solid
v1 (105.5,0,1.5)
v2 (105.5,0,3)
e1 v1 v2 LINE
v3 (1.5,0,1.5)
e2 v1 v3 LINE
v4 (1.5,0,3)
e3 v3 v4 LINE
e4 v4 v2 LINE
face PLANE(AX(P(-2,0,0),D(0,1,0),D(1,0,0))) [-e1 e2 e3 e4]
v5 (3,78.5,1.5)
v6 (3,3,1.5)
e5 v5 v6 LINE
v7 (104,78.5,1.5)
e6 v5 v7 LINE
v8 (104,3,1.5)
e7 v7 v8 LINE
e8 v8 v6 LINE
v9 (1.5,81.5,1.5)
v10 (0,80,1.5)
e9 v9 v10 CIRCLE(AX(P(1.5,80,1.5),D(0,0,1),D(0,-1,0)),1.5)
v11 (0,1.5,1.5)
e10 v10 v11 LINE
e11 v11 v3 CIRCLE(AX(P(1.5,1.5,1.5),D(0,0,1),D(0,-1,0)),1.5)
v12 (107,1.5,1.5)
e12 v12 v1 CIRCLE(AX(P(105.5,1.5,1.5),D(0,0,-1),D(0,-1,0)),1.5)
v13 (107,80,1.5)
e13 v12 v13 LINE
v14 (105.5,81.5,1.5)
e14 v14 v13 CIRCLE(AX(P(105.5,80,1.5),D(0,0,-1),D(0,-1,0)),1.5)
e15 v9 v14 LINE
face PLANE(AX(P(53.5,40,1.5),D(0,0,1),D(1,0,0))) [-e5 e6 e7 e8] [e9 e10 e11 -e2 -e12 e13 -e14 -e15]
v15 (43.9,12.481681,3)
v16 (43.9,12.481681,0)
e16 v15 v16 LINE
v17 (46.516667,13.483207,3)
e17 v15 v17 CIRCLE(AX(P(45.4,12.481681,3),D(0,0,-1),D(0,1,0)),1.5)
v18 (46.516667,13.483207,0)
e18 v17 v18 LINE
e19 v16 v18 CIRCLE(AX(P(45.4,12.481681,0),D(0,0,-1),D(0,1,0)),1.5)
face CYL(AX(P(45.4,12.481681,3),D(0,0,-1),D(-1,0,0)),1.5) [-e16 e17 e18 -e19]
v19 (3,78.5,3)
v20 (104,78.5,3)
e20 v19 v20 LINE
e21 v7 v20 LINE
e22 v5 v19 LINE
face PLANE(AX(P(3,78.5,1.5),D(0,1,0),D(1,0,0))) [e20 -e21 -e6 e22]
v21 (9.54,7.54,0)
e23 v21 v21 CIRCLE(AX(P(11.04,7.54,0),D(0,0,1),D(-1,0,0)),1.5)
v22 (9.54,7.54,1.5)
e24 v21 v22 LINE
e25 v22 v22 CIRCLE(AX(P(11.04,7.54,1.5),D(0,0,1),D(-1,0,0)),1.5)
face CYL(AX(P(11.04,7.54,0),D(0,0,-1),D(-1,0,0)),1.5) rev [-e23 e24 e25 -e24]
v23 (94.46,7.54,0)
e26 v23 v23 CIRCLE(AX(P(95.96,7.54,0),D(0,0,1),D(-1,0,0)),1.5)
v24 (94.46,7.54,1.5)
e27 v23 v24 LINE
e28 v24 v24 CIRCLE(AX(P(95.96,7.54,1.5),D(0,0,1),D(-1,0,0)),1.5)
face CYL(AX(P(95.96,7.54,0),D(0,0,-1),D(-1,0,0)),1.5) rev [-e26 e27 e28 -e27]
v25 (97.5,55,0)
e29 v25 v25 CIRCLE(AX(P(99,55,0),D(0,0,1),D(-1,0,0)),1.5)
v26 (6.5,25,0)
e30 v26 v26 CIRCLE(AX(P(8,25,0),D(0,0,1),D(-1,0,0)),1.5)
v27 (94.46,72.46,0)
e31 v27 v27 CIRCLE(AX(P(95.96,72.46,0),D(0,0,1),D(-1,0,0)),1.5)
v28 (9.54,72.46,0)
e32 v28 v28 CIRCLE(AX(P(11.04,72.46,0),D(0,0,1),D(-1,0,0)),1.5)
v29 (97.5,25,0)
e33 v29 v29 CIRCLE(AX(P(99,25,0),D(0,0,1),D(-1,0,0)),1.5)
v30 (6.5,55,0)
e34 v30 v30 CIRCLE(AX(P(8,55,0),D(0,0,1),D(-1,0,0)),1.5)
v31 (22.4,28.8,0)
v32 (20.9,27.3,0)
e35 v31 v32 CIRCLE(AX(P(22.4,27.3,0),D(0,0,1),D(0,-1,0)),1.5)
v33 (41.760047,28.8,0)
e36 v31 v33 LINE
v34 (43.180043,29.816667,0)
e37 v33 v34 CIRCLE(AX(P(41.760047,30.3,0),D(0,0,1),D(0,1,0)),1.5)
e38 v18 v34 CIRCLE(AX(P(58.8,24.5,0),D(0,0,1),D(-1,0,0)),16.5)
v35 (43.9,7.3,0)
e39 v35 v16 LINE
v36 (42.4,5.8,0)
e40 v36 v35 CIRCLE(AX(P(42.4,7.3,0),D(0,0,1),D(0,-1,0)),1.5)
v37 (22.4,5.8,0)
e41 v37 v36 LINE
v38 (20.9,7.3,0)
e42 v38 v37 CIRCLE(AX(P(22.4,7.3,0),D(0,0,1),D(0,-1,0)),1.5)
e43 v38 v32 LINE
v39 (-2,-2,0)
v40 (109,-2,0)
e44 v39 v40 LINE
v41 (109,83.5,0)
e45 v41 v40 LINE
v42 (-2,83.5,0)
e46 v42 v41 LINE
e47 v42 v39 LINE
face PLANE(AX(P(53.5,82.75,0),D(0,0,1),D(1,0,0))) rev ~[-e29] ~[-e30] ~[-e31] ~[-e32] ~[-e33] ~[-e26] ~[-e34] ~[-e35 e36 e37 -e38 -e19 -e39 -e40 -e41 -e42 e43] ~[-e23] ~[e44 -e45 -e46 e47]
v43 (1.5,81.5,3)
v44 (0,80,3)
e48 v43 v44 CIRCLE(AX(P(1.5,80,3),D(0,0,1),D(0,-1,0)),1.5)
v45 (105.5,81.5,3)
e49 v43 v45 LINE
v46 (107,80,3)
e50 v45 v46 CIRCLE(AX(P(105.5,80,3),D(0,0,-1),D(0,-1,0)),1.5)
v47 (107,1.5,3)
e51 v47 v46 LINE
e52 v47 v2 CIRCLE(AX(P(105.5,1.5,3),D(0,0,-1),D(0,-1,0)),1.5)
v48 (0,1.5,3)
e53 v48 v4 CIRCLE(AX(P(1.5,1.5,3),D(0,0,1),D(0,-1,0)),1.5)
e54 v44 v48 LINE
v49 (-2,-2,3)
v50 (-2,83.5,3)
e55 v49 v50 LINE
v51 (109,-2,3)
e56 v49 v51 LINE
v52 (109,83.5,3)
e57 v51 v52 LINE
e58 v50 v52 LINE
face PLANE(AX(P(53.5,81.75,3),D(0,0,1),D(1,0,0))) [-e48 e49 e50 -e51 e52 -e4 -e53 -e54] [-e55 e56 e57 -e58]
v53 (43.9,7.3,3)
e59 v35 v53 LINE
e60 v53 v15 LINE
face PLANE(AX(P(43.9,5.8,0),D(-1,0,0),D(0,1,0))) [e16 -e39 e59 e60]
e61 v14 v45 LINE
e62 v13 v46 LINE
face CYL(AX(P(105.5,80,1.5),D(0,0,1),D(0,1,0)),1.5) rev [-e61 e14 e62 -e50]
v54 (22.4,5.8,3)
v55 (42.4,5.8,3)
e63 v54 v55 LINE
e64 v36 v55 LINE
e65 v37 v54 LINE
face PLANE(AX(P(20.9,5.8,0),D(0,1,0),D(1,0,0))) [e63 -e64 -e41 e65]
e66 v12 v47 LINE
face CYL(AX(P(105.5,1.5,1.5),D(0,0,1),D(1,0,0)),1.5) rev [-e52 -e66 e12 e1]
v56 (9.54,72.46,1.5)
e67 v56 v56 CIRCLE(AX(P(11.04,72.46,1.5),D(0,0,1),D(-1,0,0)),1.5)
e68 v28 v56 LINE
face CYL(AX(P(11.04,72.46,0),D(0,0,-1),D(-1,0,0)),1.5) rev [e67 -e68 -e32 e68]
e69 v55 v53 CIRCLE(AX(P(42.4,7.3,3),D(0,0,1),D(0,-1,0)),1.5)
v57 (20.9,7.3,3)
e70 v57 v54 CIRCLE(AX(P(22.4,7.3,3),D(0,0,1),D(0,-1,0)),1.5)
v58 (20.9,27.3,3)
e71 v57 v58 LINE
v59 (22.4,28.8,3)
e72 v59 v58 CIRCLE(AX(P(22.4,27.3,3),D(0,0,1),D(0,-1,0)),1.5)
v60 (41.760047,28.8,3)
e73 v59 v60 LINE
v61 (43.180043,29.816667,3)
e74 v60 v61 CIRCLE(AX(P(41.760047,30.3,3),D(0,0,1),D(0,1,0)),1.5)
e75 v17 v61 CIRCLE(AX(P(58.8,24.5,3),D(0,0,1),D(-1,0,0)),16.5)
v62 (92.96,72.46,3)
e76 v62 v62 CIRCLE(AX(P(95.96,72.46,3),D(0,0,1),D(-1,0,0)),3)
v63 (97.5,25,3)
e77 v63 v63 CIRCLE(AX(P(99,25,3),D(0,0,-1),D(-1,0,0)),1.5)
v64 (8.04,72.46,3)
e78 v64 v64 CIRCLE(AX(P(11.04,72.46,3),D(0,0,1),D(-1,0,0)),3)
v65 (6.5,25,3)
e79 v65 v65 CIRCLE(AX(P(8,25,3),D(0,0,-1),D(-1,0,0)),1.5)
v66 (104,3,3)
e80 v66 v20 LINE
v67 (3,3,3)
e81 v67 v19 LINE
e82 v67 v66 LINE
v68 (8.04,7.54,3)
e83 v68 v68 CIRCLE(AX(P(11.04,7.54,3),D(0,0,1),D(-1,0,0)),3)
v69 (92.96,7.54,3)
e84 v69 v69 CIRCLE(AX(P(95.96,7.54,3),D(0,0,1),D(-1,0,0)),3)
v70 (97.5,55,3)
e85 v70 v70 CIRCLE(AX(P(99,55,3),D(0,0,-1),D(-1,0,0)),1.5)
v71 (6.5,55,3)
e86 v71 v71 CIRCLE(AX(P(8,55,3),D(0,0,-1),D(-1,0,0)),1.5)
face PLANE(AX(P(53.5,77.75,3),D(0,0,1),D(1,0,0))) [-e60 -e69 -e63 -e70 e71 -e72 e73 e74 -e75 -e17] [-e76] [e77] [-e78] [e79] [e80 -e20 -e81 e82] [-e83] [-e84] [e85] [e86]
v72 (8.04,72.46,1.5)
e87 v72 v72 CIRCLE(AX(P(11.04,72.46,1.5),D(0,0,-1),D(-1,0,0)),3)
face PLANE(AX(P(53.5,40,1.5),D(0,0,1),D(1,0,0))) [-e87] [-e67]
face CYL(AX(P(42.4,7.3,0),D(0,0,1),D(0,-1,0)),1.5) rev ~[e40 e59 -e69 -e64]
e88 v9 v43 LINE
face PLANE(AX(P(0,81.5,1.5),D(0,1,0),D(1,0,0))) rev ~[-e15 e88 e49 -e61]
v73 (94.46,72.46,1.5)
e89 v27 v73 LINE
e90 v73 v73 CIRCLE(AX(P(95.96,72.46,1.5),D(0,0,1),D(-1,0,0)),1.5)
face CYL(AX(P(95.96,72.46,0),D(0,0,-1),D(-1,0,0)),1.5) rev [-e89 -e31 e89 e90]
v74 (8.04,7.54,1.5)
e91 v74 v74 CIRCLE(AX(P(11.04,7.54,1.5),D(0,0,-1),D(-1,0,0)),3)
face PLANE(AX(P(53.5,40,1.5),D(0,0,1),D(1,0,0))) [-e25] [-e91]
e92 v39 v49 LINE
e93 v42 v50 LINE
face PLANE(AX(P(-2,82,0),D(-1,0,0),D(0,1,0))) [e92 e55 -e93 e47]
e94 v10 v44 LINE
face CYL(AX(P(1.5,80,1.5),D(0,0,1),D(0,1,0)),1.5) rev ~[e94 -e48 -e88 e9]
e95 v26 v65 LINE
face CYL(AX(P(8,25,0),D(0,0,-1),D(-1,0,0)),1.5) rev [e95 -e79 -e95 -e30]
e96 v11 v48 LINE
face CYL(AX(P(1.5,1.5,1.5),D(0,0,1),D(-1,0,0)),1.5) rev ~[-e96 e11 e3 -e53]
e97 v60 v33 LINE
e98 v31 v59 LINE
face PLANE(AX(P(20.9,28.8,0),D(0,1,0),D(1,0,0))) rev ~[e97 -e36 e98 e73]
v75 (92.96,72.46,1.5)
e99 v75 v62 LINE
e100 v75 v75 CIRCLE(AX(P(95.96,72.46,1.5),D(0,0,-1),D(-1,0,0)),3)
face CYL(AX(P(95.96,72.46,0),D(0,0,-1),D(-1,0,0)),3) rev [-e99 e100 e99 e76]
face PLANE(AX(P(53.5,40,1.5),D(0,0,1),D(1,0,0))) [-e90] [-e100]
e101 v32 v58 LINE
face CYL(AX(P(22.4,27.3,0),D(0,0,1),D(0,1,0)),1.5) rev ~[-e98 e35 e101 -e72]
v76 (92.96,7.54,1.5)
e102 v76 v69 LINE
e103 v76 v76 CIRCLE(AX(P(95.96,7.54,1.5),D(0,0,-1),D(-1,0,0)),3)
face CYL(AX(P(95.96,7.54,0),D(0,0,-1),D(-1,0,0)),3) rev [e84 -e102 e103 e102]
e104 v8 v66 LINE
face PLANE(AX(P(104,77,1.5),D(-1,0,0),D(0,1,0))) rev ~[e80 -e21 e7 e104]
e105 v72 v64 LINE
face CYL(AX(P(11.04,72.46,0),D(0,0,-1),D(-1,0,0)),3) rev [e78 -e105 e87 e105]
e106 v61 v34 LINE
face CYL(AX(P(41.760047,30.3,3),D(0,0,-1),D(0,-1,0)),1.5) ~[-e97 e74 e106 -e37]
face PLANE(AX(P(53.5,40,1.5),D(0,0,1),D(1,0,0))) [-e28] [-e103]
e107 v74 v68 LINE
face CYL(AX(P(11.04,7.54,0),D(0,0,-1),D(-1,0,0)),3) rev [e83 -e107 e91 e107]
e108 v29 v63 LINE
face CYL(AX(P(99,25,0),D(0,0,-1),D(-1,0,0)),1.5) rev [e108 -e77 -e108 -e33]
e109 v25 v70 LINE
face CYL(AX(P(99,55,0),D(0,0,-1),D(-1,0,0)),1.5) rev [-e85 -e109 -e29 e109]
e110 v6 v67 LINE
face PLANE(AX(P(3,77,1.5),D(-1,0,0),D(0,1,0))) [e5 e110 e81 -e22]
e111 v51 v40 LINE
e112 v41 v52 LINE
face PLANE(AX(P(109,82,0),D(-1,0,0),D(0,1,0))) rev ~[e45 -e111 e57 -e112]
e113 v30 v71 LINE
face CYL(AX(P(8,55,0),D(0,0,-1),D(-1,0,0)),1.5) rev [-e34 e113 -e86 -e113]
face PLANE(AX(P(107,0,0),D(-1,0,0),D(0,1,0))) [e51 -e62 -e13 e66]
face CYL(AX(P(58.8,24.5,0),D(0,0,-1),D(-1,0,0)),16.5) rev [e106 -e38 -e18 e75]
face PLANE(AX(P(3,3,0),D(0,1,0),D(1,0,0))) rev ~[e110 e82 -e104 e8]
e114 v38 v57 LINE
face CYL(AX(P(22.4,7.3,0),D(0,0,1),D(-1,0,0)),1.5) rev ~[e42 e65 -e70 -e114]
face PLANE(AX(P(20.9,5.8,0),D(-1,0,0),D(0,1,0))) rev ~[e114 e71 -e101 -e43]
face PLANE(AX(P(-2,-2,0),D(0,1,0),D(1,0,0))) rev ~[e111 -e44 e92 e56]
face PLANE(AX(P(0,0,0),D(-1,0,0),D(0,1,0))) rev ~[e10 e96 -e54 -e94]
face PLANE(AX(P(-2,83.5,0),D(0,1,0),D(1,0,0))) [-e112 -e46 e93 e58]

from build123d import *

# Parameters (mm, degrees)
SKETCH_9_W                                     = 111
SKETCH_9_H                                     = 84
BOTTOM_BASE_1P5MM_FULL_111X84_DEPTH            = 1.5
SKETCH_10_W                                    = 101
SKETCH_10_H                                    = 74
SKETCH_10_R                                    = 3
BOTTOM_CENTER_FULL_THICKNESS_EXCEPT_STAN_DEPTH = 3
SKETCH_11_W                                    = 111
SKETCH_11_H                                    = 2
BOTTOM_OUTER_FRONT_OVERHANG_FULL_3MM_DEPTH     = 3
SKETCH_12_W                                    = 111
SKETCH_12_H                                    = 2
BOTTOM_OUTER_REAR_OVERHANG_FULL_3MM_DEPTH      = 3
SKETCH_13_W                                    = 2
SKETCH_13_H                                    = 80
BOTTOM_OUTER_LEFT_OVERHANG_FULL_3MM_DEPTH      = 3
SKETCH_14_W                                    = 2
SKETCH_14_H                                    = 80
BOTTOM_OUTER_RIGHT_OVERHANG_FULL_3MM_DEPTH     = 3
SKETCH_16_R                                    = 1.5
BOTTOM_M3_THROUGH_3MM_DEPTH                    = 1.5
SKETCH_18_R                                    = 16.5
BOTTOM_BATTERY_THROUGH_CLEARANCE_DEPTH         = 3
SKETCH_20_W                                    = 23
SKETCH_20_H                                    = 23
BOTTOM_BUZZER_THROUGH_CUT_DEPTH                = 3
SKETCH_21_R                                    = 1.5
BOTTOM_CENTER_RAIL_M3_THROUGH_3MM_DEPTH        = 6
BOTTOM_FILL_OLD_REAR_RABBET_1P5MM_START        = 1.5
SKETCH_22_W                                    = 101
SKETCH_22_H                                    = 1.5
BOTTOM_FILL_OLD_REAR_RABBET_1P5MM_DEPTH        = 1.5
SKETCH_23_W                                    = 107
SKETCH_23_H                                    = 2
BOTTOM_NEW_REAR_RABBET_1P5MM_DEEP_DEPTH        = 1.5
SKETCH_24_W                                    = 111
SKETCH_24_H                                    = 1.5
BOTTOM_REAR_OVERHANG_EXTENSION_1P5MM_DEPTH     = 3
TOOL_D3_R1P5_BUZZER_CORNERS_R                  = 1.5
BOTTOM_REAR_RABBET_WIDTH_FIX_3MM_START         = 1.5
SKETCH_25_W                                    = 107
SKETCH_25_H                                    = 0.5
BOTTOM_REAR_RABBET_WIDTH_FIX_3MM_DEPTH         = 1.5
TOOL_D3_R1P5_BOTTOM_RABBET_OUTER_CORNERS_R     = 1.5


with BuildPart() as part:
    # Sketch 9 → bottom_base_1p5mm_full_111x84 (new body)
    with BuildSketch(Plane.XY):
        with Locations((53.5, 40)):
            Rectangle(SKETCH_9_W, SKETCH_9_H)
    extrude(amount=BOTTOM_BASE_1P5MM_FULL_111X84_DEPTH)

    # Sketch 10 → bottom_center_full_thickness_except_stan (add)
    with BuildSketch(Plane.XY):
        with Locations((53.5, 40)):
            Rectangle(SKETCH_10_W, SKETCH_10_H)
        with Locations(Location((11.04, 7.54, 0), (0, 0, 180))):
            Circle(SKETCH_10_R, mode=Mode.SUBTRACT)
        with Locations(Location((95.96, 7.54, 0), (0, 0, 180))):
            Circle(SKETCH_10_R, mode=Mode.SUBTRACT)
        with Locations(Location((11.04, 72.46, 0), (0, 0, 180))):
            Circle(SKETCH_10_R, mode=Mode.SUBTRACT)
        with Locations(Location((95.96, 72.46, 0), (0, 0, 180))):
            Circle(SKETCH_10_R, mode=Mode.SUBTRACT)
    extrude(amount=BOTTOM_CENTER_FULL_THICKNESS_EXCEPT_STAN_DEPTH)

    # Sketch 11 → bottom_outer_front_overhang_full_3mm (add)
    with BuildSketch(Plane.XY):
        with Locations((53.5, -1)):
            Rectangle(SKETCH_11_W, SKETCH_11_H)
    extrude(amount=BOTTOM_OUTER_FRONT_OVERHANG_FULL_3MM_DEPTH)

    # Sketch 12 → bottom_outer_rear_overhang_full_3mm (add)
    with BuildSketch(Plane.XY):
        with Locations((53.5, 81)):
            Rectangle(SKETCH_12_W, SKETCH_12_H)
    extrude(amount=BOTTOM_OUTER_REAR_OVERHANG_FULL_3MM_DEPTH)

    # Sketch 13 → bottom_outer_left_overhang_full_3mm (add)
    with BuildSketch(Plane.XY):
        with Locations((-1, 40)):
            Rectangle(SKETCH_13_W, SKETCH_13_H)
    extrude(amount=BOTTOM_OUTER_LEFT_OVERHANG_FULL_3MM_DEPTH)

    # Sketch 14 → bottom_outer_right_overhang_full_3mm (add)
    with BuildSketch(Plane.XY):
        with Locations((108, 40)):
            Rectangle(SKETCH_14_W, SKETCH_14_H)
    extrude(amount=BOTTOM_OUTER_RIGHT_OVERHANG_FULL_3MM_DEPTH)

    # Sketch 16 → bottom_m3_through_3mm (cut)
    with BuildSketch(Plane.XY):
        with Locations(Location((11.04, 7.54, 0), (0, 0, 180))):
            Circle(SKETCH_16_R)
        with Locations(Location((95.96, 7.54, 0), (0, 0, 180))):
            Circle(SKETCH_16_R)
        with Locations(Location((11.04, 72.46, 0), (0, 0, 180))):
            Circle(SKETCH_16_R)
        with Locations(Location((95.96, 72.46, 0), (0, 0, 180))):
            Circle(SKETCH_16_R)
    extrude(amount=BOTTOM_M3_THROUGH_3MM_DEPTH, mode=Mode.SUBTRACT)

    # Sketch 18 → bottom_battery_through_clearance (cut)
    with BuildSketch(Plane.XY):
        with Locations(Location((58.8, 24.5, 0), (0, 0, 180))):
            Circle(SKETCH_18_R)
    extrude(amount=BOTTOM_BATTERY_THROUGH_CLEARANCE_DEPTH, mode=Mode.SUBTRACT)

    # Sketch 20 → bottom_buzzer_through_cut (cut)
    with BuildSketch(Plane.XY):
        with Locations((32.4, 17.3)):
            Rectangle(SKETCH_20_W, SKETCH_20_H)
    extrude(amount=BOTTOM_BUZZER_THROUGH_CUT_DEPTH, mode=Mode.SUBTRACT)

    # Sketch 21 → bottom_center_rail_m3_through_3mm (cut)
    with BuildSketch(Plane.XY):
        with Locations(Location((8, 25, 0), (0, 0, 180))):
            Circle(SKETCH_21_R)
        with Locations(Location((8, 55, 0), (0, 0, 180))):
            Circle(SKETCH_21_R)
        with Locations(Location((99, 25, 0), (0, 0, 180))):
            Circle(SKETCH_21_R)
        with Locations(Location((99, 55, 0), (0, 0, 180))):
            Circle(SKETCH_21_R)
    extrude(amount=BOTTOM_CENTER_RAIL_M3_THROUGH_3MM_DEPTH, mode=Mode.SUBTRACT)

    # Sketch 22 → bottom_fill_old_rear_rabbet_1p5mm (add)
    with BuildSketch(Plane.XY.offset(BOTTOM_FILL_OLD_REAR_RABBET_1P5MM_START)):
        with Locations((53.5, 77.75)):
            Rectangle(SKETCH_22_W, SKETCH_22_H)
    extrude(amount=BOTTOM_FILL_OLD_REAR_RABBET_1P5MM_DEPTH)

    # Sketch 23 → bottom_new_rear_rabbet_1p5mm_deep (cut)
    with BuildSketch(Plane.XY.offset(3)):
        with Locations((53.5, 81)):
            Rectangle(SKETCH_23_W, SKETCH_23_H)
    extrude(amount=-BOTTOM_NEW_REAR_RABBET_1P5MM_DEEP_DEPTH, mode=Mode.SUBTRACT)

    # Sketch 24 → bottom_rear_overhang_extension_1p5mm (add)
    with BuildSketch(Plane.XY):
        with Locations((53.5, 82.75)):
            Rectangle(SKETCH_24_W, SKETCH_24_H)
    extrude(amount=BOTTOM_REAR_OVERHANG_EXTENSION_1P5MM_DEPTH)

    # tool_D3_R1p5_buzzer_corners
    tool_d3_r1p5_buzzer_corners_edges = [part.edges().sort_by_distance(p)[0] for p in [
        (42.870153799, 28.8, 1.5),
        (43.9, 17.411981941, 1.5),
        (20.9, 28.8, 1.5),
        (20.9, 5.8, 1.5),
        (43.9, 5.8, 1.5),
    ]]
    fillet(tool_d3_r1p5_buzzer_corners_edges, radius=TOOL_D3_R1P5_BUZZER_CORNERS_R)

    # Sketch 25 → bottom_rear_rabbet_width_fix_3mm (add)
    with BuildSketch(Plane.XY.offset(BOTTOM_REAR_RABBET_WIDTH_FIX_3MM_START)):
        with Locations((53.5, 81.75)):
            Rectangle(SKETCH_25_W, SKETCH_25_H)
    extrude(amount=BOTTOM_REAR_RABBET_WIDTH_FIX_3MM_DEPTH)

    # tool_D3_R1p5_bottom_rabbet_outer_corners
    tool_d3_r1p5_bottom_rabbet_outer_corners_edges = [part.edges().sort_by_distance(p)[0] for p in [
        (107, 0, 2.25),
        (0, 81.5, 2.25),
        (107, 81.5, 2.25),
        (0, 0, 2.25),
    ]]
    fillet(tool_d3_r1p5_bottom_rabbet_outer_corners_edges, radius=TOOL_D3_R1P5_BOTTOM_RABBET_OUTER_CORNERS_R)


solid = part.part
